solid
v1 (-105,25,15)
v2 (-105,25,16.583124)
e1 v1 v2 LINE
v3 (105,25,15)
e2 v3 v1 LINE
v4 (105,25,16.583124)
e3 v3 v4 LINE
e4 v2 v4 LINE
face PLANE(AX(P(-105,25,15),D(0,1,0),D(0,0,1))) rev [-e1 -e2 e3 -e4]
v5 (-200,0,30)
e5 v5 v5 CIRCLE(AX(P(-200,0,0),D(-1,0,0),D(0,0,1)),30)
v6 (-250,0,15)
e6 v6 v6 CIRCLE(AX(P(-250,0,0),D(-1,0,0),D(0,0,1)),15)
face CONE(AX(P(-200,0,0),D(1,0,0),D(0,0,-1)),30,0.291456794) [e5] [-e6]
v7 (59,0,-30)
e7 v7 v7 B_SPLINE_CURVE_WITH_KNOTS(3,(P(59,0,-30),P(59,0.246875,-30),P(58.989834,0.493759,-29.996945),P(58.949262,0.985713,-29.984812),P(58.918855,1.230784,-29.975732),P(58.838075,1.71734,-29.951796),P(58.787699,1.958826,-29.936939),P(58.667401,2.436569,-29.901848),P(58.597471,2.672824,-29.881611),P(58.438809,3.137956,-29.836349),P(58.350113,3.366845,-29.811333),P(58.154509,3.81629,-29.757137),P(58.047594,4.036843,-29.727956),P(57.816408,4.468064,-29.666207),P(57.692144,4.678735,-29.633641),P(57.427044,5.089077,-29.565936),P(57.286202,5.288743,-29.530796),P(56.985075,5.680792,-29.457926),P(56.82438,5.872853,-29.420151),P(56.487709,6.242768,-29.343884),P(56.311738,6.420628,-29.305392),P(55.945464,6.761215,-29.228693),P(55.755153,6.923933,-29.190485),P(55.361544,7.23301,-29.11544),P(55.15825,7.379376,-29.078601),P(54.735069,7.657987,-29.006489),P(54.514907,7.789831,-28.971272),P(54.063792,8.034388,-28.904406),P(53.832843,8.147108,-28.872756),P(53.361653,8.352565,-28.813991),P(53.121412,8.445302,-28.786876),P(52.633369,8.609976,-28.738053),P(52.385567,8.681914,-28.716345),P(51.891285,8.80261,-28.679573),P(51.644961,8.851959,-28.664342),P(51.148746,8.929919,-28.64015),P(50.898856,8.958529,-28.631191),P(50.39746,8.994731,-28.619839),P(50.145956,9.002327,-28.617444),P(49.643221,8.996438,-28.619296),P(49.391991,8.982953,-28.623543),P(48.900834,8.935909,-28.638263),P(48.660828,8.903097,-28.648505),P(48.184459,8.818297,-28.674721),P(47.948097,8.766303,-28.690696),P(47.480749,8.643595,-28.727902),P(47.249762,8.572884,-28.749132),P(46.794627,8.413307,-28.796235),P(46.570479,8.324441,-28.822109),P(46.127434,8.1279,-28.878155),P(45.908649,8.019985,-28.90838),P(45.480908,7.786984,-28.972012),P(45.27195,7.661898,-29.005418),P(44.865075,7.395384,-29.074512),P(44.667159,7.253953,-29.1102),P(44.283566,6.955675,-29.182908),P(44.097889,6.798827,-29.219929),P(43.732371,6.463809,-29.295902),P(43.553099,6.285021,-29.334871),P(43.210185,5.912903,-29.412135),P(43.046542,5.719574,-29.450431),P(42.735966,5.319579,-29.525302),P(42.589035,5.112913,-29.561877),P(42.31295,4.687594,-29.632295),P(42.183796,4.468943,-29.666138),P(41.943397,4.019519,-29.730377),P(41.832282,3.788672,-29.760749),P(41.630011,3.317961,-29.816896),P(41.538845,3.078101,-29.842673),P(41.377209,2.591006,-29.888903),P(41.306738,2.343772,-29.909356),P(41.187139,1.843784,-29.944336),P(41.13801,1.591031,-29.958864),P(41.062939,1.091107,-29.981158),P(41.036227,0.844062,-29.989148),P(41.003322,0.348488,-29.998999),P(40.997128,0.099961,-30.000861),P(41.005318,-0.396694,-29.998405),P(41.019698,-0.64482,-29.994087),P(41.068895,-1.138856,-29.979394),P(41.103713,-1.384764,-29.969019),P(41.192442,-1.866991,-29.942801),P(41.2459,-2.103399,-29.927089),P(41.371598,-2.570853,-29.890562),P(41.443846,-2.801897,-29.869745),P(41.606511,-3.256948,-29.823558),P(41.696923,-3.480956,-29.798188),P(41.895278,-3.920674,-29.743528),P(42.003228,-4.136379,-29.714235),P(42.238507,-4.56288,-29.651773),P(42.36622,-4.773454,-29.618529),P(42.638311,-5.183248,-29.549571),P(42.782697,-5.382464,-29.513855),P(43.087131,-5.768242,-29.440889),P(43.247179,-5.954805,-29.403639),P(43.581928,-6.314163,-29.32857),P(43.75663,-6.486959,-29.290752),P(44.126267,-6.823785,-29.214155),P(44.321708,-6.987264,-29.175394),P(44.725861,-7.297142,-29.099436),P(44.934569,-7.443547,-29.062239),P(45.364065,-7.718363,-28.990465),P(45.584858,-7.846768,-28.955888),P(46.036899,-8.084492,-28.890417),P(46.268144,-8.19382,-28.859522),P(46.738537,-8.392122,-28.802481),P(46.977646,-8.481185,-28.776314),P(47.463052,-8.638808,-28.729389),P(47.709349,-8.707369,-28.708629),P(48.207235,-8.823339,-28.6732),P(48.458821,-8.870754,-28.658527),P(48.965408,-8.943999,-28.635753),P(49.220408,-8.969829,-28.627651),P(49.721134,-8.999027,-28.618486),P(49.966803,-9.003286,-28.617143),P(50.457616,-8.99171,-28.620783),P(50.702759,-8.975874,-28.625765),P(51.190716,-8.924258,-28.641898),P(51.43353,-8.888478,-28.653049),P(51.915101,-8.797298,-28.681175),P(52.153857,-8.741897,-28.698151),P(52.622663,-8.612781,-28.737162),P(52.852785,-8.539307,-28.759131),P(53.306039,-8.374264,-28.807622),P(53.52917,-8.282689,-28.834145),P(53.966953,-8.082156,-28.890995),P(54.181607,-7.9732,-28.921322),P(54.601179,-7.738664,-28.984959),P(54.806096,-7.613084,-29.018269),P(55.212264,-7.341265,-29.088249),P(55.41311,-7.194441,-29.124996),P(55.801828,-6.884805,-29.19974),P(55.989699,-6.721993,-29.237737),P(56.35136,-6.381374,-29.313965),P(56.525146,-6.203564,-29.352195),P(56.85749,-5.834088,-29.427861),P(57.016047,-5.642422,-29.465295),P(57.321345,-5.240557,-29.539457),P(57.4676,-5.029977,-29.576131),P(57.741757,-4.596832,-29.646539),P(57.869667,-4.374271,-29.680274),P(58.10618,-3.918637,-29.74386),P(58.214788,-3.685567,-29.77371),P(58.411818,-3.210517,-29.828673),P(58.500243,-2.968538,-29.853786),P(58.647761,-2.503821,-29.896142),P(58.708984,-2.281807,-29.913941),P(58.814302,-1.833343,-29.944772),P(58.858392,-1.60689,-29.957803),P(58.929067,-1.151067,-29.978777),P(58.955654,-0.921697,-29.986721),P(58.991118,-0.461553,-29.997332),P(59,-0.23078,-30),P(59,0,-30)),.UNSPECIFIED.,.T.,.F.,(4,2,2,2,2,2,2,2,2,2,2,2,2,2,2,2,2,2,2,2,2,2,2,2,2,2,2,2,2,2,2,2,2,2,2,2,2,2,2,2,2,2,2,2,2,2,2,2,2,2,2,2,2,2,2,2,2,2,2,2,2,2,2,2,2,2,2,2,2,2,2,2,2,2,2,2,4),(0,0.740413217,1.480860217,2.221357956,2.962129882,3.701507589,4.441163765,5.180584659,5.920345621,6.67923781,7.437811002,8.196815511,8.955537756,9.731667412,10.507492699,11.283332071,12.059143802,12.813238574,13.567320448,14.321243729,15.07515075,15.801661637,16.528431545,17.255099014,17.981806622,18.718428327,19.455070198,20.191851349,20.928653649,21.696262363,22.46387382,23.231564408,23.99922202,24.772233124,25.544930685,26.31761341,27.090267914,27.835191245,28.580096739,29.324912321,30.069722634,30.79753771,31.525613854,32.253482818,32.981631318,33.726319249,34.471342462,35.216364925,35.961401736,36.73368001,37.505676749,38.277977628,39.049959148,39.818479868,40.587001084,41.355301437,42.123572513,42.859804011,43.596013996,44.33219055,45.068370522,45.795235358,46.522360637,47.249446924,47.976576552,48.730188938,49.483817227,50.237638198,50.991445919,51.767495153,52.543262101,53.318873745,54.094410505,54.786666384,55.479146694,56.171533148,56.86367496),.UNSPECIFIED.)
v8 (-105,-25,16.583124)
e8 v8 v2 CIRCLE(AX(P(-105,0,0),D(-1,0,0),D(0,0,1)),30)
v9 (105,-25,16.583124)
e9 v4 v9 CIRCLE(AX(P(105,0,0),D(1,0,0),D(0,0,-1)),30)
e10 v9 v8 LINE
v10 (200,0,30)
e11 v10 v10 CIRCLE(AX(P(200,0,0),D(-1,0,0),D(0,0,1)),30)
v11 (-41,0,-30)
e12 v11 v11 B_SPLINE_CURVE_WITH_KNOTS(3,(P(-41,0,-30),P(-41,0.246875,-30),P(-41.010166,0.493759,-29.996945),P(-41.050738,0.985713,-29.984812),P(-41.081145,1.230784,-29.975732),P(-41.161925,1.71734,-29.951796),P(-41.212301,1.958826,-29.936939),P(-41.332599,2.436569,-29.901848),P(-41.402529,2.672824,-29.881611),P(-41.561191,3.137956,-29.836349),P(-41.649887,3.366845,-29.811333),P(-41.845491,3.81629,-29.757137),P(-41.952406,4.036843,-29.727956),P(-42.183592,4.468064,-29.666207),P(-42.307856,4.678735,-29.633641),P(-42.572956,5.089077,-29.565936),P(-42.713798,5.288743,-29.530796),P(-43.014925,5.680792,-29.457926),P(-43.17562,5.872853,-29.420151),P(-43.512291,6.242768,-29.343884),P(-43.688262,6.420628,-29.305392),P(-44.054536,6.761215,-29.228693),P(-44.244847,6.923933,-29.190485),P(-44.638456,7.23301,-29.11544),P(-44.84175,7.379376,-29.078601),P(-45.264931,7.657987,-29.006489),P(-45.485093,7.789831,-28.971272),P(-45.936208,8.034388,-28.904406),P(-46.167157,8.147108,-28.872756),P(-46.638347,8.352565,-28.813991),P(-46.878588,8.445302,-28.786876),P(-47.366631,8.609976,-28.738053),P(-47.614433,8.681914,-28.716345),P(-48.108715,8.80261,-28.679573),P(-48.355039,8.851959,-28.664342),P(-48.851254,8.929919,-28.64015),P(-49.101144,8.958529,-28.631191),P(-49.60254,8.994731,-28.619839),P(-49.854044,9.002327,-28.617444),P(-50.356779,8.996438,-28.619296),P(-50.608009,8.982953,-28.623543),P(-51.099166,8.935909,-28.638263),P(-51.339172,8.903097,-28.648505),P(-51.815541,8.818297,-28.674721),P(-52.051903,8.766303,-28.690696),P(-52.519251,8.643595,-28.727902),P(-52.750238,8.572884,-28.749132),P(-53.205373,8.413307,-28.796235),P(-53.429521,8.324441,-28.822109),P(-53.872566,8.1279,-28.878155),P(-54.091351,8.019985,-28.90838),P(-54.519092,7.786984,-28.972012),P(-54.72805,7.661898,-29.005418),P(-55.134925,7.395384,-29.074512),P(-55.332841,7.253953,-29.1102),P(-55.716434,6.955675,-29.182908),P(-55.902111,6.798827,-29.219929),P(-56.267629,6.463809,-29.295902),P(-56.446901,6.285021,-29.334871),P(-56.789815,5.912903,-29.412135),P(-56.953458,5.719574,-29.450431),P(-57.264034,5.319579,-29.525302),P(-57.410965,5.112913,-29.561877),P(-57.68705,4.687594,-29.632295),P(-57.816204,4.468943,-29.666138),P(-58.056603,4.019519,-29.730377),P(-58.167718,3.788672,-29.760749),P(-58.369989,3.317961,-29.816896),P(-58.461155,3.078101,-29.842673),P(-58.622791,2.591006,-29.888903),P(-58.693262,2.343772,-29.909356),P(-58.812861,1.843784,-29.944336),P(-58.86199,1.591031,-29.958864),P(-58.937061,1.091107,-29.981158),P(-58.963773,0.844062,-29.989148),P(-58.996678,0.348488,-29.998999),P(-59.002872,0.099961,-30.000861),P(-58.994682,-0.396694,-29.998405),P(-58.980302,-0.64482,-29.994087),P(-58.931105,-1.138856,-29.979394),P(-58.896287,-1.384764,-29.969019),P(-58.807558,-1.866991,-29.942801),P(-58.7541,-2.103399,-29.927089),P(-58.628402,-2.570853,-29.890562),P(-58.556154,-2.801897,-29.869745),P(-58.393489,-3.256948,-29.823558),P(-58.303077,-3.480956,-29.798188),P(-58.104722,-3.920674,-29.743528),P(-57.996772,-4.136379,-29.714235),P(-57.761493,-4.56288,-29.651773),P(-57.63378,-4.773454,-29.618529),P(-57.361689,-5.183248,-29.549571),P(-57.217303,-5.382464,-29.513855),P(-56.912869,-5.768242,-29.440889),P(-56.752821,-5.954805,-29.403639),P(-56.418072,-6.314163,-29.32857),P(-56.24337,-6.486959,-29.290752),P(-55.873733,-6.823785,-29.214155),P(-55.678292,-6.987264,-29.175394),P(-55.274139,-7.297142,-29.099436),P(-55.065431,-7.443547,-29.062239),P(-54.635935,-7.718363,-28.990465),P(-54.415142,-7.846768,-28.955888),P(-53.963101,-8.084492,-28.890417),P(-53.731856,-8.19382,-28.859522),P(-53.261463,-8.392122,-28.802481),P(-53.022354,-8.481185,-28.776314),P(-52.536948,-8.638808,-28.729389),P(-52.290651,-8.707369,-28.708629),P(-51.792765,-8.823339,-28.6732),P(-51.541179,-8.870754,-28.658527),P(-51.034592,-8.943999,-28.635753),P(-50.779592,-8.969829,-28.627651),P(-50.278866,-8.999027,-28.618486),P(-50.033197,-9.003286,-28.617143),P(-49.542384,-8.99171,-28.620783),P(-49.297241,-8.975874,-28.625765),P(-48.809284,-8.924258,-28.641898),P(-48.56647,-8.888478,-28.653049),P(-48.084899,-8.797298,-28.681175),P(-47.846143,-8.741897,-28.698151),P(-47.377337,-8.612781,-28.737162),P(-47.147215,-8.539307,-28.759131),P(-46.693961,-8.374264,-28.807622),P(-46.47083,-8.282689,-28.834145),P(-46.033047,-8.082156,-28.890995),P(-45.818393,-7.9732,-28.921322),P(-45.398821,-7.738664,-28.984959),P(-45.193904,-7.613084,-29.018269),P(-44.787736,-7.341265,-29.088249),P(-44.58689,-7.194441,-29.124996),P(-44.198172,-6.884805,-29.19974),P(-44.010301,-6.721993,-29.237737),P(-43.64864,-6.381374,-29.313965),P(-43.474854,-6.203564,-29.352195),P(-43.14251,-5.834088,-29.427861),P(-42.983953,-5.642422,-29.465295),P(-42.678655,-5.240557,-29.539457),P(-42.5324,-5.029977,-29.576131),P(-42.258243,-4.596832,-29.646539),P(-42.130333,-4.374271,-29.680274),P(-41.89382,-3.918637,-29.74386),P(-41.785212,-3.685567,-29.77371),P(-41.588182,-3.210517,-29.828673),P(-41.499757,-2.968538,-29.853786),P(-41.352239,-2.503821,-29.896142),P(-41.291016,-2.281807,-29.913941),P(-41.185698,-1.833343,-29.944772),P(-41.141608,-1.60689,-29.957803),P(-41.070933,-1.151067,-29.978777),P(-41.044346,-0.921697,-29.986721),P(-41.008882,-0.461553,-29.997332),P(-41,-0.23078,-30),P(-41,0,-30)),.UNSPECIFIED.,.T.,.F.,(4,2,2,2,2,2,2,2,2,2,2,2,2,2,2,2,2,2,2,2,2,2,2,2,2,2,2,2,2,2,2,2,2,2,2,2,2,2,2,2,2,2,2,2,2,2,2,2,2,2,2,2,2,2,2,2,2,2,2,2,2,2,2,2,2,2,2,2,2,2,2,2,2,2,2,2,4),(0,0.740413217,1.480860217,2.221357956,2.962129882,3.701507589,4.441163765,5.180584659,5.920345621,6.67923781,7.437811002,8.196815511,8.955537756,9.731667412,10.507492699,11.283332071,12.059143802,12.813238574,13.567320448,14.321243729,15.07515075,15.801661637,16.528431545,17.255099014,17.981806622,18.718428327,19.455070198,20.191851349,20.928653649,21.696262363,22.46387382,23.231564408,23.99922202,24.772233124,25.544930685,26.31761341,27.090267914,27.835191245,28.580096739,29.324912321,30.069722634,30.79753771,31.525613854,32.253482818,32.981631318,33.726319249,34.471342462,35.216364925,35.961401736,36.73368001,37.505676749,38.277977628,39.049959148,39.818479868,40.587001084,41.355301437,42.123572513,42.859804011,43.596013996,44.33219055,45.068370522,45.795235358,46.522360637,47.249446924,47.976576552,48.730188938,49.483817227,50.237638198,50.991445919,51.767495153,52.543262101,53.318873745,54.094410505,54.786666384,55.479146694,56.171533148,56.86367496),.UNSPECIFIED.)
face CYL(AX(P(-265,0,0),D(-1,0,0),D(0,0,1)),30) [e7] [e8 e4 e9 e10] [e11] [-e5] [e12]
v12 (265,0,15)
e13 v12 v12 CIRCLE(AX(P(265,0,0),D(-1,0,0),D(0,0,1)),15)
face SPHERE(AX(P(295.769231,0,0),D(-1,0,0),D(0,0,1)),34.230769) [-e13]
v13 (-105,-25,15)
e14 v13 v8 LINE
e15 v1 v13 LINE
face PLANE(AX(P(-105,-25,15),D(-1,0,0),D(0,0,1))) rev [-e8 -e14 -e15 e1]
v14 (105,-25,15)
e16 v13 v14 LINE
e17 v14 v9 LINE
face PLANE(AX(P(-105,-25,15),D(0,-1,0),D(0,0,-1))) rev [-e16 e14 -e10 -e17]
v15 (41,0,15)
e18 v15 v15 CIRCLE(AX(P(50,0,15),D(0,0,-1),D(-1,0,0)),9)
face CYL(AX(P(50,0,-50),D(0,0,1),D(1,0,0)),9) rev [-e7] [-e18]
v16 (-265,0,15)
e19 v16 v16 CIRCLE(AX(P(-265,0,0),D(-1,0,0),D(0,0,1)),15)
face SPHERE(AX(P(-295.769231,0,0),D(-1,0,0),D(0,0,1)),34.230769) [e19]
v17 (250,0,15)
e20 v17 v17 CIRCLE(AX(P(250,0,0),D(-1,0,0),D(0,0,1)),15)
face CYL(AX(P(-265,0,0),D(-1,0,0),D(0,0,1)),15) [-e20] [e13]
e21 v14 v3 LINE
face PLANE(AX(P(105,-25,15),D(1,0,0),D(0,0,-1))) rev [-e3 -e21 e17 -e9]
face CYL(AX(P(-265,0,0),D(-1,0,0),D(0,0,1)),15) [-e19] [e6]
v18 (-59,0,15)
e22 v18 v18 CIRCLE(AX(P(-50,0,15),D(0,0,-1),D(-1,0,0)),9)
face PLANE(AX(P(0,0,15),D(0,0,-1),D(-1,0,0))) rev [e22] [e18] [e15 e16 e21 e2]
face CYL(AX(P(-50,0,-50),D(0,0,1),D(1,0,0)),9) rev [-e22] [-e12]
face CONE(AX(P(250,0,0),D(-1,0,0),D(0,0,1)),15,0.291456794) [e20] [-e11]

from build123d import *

# Parameters (mm, degrees)
SKETCH4_W          = 210
SKETCH4_H          = 50
CUT_EXTRUDE2_DEPTH = 15
SKETCH5_R          = 9
CUT_EXTRUDE3_DEPTH = 80
DOME1_FACE_RADIUS  = 15
DOME1_HEIGHT       = 65
DOME2_FACE_RADIUS  = 15
DOME2_HEIGHT       = 65


with BuildPart() as part:
    # Sketch2 → Revolve1 (revolve)
    with BuildSketch(Plane.XY):
        Polygon((-265, 0), (265, 0), (265, 15), (250, 15), (200, 30), (-200, 30), (-250, 15), (-265, 15), align=None)
    revolve(axis=Axis((-265, 0, 0), (1, 0, 0)))

    # Sketch4 → Cut-Extrude2 (cut)
    with BuildSketch(Plane.XY.offset(30)):
        Rectangle(SKETCH4_W, SKETCH4_H)
    extrude(amount=-CUT_EXTRUDE2_DEPTH, mode=Mode.SUBTRACT)

    # Sketch5 → Cut-Extrude3 (cut)
    with BuildSketch(Plane.XY.offset(30)):
        with Locations((50, 0)):
            Circle(SKETCH5_R)
        with Locations((-50, 0)):
            Circle(SKETCH5_R)
    extrude(amount=-CUT_EXTRUDE3_DEPTH, mode=Mode.SUBTRACT)

    # Dome1: a dome of height H over a round flat face of radius A is a cap of a sphere of radius (A * A + H * H) / (2 * H)
    dome1_r = (DOME1_FACE_RADIUS * DOME1_FACE_RADIUS + DOME1_HEIGHT * DOME1_HEIGHT) / (2 * DOME1_HEIGHT)
    dome1_base = Plane((265, 0, 0), z_dir=(1, 0, 0))
    with Locations(dome1_base.offset(DOME1_HEIGHT - dome1_r)):
        dome1_ball = Sphere(dome1_r, mode=Mode.PRIVATE)
    add(split(dome1_ball, bisect_by=dome1_base, keep=Keep.TOP, mode=Mode.PRIVATE))

    # Dome2: a dome of height H over a round flat face of radius A is a cap of a sphere of radius (A * A + H * H) / (2 * H)
    dome2_r = (DOME2_FACE_RADIUS * DOME2_FACE_RADIUS + DOME2_HEIGHT * DOME2_HEIGHT) / (2 * DOME2_HEIGHT)
    dome2_base = Plane((-265, 0, 0), z_dir=(-1, 0, 0))
    with Locations(dome2_base.offset(DOME2_HEIGHT - dome2_r)):
        dome2_ball = Sphere(dome2_r, mode=Mode.PRIVATE)
    add(split(dome2_ball, bisect_by=dome2_base, keep=Keep.TOP, mode=Mode.PRIVATE))


solid = part.part
